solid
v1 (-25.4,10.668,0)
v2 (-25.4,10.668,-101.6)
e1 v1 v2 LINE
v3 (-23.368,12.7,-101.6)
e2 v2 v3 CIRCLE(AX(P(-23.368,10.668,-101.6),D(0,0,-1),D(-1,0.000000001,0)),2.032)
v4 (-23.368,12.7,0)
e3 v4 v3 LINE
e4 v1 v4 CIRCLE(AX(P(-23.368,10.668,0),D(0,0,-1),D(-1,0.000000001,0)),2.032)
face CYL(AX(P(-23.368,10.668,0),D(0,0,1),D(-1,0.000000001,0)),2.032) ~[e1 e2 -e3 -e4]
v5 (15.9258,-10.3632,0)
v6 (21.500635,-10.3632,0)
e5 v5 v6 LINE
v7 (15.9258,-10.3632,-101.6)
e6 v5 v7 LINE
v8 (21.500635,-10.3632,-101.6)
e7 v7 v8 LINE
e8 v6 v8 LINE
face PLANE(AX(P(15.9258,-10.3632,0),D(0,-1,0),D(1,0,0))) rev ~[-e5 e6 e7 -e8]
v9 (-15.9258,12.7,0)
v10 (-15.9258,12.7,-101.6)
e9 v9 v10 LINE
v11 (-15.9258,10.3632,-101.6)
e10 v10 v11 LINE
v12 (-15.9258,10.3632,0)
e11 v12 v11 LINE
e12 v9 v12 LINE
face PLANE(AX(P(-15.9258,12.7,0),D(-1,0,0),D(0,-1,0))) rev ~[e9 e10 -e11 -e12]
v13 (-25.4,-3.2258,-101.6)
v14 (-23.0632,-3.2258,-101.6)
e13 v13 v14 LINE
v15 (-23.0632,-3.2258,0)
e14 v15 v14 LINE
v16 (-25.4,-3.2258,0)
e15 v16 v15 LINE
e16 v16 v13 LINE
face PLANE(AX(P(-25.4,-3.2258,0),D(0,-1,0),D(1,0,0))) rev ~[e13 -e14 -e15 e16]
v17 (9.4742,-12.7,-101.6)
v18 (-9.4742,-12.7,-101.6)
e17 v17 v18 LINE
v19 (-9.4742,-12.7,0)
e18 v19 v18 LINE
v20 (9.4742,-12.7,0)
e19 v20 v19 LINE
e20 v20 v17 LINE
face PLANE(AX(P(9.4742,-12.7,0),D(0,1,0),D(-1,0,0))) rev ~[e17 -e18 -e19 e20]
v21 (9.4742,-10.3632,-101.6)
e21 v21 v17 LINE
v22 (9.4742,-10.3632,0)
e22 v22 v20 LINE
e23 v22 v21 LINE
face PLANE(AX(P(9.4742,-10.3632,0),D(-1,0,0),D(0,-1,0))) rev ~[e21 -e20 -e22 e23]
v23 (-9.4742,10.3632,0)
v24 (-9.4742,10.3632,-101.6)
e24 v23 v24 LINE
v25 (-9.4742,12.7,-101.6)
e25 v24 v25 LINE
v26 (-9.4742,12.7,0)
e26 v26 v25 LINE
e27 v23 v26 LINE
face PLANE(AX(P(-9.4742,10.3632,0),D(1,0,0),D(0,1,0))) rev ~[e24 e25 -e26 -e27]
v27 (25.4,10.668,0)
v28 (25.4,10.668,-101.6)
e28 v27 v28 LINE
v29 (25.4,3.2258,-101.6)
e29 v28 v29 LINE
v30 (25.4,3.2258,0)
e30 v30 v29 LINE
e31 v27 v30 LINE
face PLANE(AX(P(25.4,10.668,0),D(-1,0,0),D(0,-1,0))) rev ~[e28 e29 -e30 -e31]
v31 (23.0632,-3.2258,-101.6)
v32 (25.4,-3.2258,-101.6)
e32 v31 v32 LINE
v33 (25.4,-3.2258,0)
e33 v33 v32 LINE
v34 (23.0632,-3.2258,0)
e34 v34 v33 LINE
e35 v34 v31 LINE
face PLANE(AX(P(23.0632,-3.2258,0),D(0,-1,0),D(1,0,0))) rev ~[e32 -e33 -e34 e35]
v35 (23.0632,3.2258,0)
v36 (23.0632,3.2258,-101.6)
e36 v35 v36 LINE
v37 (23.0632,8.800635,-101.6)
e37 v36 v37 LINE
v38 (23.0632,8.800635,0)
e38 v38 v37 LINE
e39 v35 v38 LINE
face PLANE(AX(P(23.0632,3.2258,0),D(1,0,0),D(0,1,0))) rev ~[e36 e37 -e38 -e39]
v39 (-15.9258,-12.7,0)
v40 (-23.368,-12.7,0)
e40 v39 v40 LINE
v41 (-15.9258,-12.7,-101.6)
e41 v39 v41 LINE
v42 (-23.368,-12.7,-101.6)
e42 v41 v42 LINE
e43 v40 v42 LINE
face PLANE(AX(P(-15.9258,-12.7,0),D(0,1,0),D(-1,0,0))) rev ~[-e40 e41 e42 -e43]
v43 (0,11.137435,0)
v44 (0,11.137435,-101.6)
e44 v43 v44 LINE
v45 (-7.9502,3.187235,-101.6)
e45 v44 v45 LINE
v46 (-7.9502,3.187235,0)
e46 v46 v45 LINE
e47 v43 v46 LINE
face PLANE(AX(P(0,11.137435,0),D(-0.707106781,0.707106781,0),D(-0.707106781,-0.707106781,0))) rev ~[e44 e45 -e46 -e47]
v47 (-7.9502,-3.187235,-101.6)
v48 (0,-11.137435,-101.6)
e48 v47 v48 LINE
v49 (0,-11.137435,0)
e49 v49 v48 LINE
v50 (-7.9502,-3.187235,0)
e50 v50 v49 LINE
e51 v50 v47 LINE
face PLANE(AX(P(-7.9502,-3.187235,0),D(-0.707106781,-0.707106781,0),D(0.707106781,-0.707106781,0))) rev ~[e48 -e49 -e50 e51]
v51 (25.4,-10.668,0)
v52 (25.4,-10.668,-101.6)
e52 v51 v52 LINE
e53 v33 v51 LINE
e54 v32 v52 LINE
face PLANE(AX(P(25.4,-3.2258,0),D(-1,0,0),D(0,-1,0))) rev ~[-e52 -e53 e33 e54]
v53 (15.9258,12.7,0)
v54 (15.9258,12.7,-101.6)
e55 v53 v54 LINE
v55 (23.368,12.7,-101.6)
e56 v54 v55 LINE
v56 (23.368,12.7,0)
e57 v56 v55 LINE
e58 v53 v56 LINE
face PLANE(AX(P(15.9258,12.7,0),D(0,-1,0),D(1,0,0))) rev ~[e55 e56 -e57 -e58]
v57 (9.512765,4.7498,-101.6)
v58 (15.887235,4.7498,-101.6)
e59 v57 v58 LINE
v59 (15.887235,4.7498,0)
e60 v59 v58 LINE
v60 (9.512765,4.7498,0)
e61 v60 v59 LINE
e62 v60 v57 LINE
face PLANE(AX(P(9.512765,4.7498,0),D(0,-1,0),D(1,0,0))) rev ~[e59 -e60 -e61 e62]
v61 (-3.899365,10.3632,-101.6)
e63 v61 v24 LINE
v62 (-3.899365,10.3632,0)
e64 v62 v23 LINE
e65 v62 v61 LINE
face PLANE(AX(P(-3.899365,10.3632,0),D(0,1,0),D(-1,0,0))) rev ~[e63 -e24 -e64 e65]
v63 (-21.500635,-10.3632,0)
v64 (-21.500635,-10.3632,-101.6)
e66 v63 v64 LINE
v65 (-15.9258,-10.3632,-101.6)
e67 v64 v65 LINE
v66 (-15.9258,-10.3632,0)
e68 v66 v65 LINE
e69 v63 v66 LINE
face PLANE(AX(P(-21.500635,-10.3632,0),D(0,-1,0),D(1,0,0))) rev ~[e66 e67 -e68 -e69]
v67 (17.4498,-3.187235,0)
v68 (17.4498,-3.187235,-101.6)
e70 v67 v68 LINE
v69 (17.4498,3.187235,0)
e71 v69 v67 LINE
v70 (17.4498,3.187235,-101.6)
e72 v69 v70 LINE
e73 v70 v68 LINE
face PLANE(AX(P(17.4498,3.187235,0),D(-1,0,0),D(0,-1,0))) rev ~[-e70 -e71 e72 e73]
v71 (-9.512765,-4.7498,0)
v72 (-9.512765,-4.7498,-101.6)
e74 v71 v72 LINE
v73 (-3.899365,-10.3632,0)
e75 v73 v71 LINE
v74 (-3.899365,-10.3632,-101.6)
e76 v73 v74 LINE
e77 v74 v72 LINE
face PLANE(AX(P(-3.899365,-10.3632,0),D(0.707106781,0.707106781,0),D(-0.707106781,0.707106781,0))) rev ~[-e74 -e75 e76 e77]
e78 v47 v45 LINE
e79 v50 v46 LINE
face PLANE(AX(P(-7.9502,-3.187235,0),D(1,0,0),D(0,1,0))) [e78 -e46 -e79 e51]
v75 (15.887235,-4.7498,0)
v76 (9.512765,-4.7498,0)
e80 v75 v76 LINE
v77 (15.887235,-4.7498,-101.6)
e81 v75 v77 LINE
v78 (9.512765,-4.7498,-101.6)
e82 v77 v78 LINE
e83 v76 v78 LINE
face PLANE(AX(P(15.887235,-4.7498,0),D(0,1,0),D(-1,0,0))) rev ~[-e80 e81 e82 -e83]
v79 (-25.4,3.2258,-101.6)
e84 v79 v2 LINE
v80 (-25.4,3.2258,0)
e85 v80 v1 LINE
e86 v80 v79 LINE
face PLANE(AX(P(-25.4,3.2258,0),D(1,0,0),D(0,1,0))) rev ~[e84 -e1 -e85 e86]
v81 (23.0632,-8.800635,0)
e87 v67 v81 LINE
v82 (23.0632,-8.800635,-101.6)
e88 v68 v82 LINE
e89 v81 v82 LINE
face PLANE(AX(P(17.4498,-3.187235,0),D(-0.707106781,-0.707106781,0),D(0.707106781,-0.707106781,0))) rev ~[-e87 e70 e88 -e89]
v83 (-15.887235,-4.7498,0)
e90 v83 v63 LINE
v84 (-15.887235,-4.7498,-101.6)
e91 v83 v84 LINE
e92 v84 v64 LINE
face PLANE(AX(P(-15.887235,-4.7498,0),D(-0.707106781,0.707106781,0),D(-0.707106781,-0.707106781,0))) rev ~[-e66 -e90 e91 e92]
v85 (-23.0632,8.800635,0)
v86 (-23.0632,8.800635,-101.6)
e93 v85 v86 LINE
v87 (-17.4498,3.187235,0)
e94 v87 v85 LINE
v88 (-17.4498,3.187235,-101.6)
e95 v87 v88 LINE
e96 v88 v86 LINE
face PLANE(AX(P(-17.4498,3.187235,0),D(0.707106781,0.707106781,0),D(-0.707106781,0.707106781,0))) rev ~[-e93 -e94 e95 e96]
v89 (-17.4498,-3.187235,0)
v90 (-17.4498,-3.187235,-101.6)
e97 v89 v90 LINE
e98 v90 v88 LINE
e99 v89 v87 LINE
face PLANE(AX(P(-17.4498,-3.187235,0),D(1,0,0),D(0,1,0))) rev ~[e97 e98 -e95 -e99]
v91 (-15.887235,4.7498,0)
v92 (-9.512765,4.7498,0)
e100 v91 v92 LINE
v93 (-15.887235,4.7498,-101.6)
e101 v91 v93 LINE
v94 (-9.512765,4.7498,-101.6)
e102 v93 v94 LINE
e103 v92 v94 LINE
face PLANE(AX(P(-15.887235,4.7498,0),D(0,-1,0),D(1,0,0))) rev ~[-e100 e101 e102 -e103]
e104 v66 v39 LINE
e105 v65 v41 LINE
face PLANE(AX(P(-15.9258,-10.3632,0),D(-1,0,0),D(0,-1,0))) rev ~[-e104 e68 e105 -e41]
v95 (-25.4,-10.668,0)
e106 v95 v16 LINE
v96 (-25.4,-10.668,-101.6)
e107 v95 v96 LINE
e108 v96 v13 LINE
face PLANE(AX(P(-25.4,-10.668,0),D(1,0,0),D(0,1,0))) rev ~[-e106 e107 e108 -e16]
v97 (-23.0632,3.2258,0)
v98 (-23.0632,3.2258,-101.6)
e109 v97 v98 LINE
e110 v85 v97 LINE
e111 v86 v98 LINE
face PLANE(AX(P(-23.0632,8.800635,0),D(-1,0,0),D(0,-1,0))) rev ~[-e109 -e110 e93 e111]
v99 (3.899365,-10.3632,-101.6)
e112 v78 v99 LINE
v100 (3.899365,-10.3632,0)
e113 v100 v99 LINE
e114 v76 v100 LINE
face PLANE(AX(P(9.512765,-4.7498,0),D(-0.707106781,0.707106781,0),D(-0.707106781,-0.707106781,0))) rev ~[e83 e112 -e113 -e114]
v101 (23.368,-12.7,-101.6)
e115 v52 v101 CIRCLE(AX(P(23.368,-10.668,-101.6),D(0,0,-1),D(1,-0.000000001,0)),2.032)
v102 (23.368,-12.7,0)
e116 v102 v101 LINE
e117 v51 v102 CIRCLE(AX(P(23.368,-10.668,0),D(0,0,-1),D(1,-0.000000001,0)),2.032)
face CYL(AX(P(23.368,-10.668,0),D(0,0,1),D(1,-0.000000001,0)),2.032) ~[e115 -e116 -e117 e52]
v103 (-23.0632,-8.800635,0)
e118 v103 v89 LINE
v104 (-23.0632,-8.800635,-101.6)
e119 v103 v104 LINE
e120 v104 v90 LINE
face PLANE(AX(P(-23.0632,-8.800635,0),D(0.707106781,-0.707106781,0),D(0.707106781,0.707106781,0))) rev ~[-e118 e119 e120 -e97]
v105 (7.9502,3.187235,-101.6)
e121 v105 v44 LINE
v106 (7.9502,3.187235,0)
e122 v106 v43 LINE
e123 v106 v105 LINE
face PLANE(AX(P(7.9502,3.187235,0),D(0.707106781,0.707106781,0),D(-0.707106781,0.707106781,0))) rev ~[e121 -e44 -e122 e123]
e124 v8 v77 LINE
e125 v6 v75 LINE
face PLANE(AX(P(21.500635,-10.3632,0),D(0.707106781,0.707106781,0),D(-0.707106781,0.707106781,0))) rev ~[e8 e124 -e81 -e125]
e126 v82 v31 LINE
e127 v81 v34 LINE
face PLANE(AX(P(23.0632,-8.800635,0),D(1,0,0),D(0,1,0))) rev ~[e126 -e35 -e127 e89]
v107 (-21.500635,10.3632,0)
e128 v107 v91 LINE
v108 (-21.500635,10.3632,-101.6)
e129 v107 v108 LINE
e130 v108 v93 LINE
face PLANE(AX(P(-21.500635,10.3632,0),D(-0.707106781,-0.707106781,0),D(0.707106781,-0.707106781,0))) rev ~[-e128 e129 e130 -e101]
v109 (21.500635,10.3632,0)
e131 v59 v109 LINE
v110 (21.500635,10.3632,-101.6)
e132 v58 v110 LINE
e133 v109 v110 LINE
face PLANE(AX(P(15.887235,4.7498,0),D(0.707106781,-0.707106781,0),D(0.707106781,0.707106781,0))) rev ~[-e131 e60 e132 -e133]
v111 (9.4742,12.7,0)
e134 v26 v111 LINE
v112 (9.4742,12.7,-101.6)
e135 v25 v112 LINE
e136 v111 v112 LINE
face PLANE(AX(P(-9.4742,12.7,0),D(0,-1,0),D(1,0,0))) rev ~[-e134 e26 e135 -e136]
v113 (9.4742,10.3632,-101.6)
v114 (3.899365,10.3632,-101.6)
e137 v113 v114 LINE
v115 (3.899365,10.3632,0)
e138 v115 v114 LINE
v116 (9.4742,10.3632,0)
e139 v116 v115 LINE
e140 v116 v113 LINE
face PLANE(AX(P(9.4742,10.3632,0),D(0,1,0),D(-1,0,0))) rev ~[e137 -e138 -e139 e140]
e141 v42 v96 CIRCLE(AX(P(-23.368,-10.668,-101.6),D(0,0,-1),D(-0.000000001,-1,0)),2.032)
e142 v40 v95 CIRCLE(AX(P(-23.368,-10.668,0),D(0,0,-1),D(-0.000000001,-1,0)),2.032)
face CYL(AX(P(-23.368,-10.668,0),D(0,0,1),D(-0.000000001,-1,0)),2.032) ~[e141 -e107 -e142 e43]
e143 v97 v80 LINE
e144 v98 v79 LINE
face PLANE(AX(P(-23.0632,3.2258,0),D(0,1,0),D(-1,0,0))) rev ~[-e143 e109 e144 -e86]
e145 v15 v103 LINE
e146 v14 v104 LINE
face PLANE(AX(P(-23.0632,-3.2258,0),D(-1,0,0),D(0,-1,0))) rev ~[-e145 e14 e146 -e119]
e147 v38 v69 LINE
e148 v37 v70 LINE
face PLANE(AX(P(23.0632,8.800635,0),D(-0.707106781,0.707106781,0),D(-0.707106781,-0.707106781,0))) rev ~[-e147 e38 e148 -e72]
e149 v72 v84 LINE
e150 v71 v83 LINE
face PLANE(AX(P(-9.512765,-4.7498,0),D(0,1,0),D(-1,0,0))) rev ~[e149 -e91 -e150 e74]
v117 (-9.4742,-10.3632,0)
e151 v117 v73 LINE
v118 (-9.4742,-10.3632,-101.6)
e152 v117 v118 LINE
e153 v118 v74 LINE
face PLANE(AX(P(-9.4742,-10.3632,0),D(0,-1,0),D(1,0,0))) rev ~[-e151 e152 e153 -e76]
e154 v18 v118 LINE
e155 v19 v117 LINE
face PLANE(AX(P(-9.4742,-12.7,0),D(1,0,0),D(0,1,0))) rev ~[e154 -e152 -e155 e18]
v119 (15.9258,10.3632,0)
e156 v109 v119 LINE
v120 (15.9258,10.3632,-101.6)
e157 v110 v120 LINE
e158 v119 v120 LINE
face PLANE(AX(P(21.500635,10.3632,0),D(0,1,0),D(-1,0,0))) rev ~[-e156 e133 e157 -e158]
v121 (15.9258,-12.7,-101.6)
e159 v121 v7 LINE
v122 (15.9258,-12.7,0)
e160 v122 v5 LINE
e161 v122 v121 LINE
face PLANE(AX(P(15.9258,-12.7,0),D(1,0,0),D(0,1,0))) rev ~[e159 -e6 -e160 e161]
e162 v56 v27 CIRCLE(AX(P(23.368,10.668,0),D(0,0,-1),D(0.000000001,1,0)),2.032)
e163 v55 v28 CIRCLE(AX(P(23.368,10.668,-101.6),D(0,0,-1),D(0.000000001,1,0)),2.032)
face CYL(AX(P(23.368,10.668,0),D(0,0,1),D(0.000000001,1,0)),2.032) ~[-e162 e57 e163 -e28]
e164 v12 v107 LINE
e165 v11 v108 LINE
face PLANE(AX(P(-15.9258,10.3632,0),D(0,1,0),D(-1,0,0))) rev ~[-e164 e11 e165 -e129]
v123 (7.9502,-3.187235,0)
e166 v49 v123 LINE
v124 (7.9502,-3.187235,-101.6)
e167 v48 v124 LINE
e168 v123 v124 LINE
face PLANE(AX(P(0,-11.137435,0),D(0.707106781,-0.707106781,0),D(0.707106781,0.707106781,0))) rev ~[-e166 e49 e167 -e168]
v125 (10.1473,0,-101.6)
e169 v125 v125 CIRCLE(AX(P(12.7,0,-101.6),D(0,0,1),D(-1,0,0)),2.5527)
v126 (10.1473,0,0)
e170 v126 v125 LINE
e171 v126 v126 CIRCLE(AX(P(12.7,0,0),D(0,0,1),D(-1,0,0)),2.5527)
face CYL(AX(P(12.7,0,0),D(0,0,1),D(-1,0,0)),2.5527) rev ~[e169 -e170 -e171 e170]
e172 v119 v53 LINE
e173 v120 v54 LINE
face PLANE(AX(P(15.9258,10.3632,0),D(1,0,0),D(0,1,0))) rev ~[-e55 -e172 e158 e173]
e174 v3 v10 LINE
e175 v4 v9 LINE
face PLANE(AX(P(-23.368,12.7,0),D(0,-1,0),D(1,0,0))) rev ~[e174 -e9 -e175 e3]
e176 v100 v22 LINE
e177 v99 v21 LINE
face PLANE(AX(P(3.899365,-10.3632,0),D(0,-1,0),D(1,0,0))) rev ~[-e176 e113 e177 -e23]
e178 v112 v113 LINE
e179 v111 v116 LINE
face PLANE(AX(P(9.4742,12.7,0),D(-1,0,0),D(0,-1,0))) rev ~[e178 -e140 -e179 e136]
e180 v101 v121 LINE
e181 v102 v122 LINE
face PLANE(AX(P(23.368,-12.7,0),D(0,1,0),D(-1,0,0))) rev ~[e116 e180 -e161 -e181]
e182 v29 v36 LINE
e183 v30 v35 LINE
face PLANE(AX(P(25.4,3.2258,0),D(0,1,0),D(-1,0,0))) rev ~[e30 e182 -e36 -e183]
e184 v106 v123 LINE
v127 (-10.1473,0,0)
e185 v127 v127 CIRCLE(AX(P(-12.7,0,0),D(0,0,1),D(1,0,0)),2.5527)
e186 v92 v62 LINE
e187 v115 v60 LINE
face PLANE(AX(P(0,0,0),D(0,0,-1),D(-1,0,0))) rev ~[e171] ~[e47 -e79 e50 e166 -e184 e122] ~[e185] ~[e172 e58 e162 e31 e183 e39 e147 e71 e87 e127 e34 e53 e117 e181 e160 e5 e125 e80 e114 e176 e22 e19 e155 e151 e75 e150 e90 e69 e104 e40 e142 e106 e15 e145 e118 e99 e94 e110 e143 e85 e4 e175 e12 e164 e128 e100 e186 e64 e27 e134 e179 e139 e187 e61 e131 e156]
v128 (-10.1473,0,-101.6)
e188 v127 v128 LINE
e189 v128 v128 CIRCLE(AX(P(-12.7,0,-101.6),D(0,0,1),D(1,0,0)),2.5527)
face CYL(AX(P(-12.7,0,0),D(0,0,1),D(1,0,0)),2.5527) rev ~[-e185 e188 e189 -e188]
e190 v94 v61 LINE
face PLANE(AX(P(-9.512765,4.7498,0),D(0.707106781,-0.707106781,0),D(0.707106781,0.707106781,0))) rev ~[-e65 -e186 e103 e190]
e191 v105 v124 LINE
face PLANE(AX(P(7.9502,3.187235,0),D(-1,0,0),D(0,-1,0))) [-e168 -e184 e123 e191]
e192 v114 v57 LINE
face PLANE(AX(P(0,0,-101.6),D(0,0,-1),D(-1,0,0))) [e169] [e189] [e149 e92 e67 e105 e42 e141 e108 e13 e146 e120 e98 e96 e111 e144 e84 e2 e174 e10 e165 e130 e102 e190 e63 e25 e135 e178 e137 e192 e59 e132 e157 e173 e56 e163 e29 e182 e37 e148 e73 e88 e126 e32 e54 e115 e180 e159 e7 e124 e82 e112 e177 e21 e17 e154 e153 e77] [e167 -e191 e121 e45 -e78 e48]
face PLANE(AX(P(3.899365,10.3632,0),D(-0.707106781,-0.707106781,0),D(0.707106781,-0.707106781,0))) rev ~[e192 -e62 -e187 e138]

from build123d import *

# Parameters (mm, degrees)
SKETCH1_R      = 2.5527
FINALCUT_DEPTH = 101.6


with BuildPart() as part:
    # Sketch1 → FinalCut (new body)
    with BuildSketch(Plane.XY):
        with BuildLine():
            Line((-17.4498, 0), (-17.4498, 3.187235435))
            Line((-17.4498, 3.187235435), (-23.0632, 8.800635435))
            Line((-23.0632, 8.800635435), (-23.0632, 3.2258))
            Line((-23.0632, 3.2258), (-25.4, 3.2258))
            Line((-25.4, 3.2258), (-25.4, 10.668))
            ThreePointArc((-25.4, 10.668), (-24.804840979, 12.104840979), (-23.368, 12.7))
            Line((-23.368, 12.7), (-15.9258, 12.7))
            Line((-15.9258, 12.7), (-15.9258, 10.3632))
            Line((-15.9258, 10.3632), (-21.500635435, 10.3632))
            Line((-21.500635435, 10.3632), (-15.887235435, 4.7498))
            Line((-15.887235435, 4.7498), (-12.7, 4.7498))
            Line((-12.7, 4.7498), (-9.512764565, 4.7498))
            Line((-9.512764565, 4.7498), (-3.899364565, 10.3632))
            Line((-3.899364565, 10.3632), (-9.4742, 10.3632))
            Line((-9.4742, 10.3632), (-9.4742, 12.7))
            Line((-9.4742, 12.7), (9.4742, 12.7))
            Line((9.4742, 12.7), (9.4742, 10.3632))
            Line((9.4742, 10.3632), (3.899364565, 10.3632))
            Line((3.899364565, 10.3632), (9.512764565, 4.7498))
            Line((9.512764565, 4.7498), (15.887235435, 4.7498))
            Line((15.887235435, 4.7498), (21.500635435, 10.3632))
            Line((21.500635435, 10.3632), (15.9258, 10.3632))
            Line((15.9258, 10.3632), (15.9258, 12.7))
            Line((15.9258, 12.7), (23.368, 12.7))
            ThreePointArc((23.368, 12.7), (24.804840979, 12.104840979), (25.4, 10.668))
            Line((25.4, 10.668), (25.4, 3.2258))
            Line((25.4, 3.2258), (23.0632, 3.2258))
            Line((23.0632, 3.2258), (23.0632, 8.800635435))
            Line((23.0632, 8.800635435), (17.4498, 3.187235435))
            Line((17.4498, 3.187235435), (17.4498, 0))
            Line((17.4498, 0), (17.4498, -3.187235435))
            Line((17.4498, -3.187235435), (23.0632, -8.800635435))
            Line((23.0632, -8.800635435), (23.0632, -3.2258))
            Line((23.0632, -3.2258), (25.4, -3.2258))
            Line((25.4, -3.2258), (25.4, -10.668))
            ThreePointArc((25.4, -10.668), (24.804840979, -12.104840979), (23.368, -12.7))
            Line((23.368, -12.7), (15.9258, -12.7))
            Line((15.9258, -12.7), (15.9258, -10.3632))
            Line((15.9258, -10.3632), (21.500635435, -10.3632))
            Line((21.500635435, -10.3632), (15.887235435, -4.7498))
            Line((15.887235435, -4.7498), (12.7, -4.7498))
            Line((12.7, -4.7498), (9.512764565, -4.7498))
            Line((9.512764565, -4.7498), (3.899364565, -10.3632))
            Line((3.899364565, -10.3632), (9.4742, -10.3632))
            Line((9.4742, -10.3632), (9.4742, -12.7))
            Line((9.4742, -12.7), (-9.4742, -12.7))
            Line((-9.4742, -12.7), (-9.4742, -10.3632))
            Line((-9.4742, -10.3632), (-3.899364565, -10.3632))
            Line((-3.899364565, -10.3632), (-9.512764565, -4.7498))
            Line((-9.512764565, -4.7498), (-12.7, -4.7498))
            Line((-12.7, -4.7498), (-15.887235435, -4.7498))
            Line((-15.887235435, -4.7498), (-21.500635435, -10.3632))
            Line((-21.500635435, -10.3632), (-15.9258, -10.3632))
            Line((-15.9258, -10.3632), (-15.9258, -12.7))
            Line((-15.9258, -12.7), (-23.368, -12.7))
            ThreePointArc((-23.368, -12.7), (-24.804840979, -12.104840979), (-25.4, -10.668))
            Line((-25.4, -10.668), (-25.4, -3.2258))
            Line((-25.4, -3.2258), (-23.0632, -3.2258))
            Line((-23.0632, -3.2258), (-23.0632, -8.800635435))
            Line((-23.0632, -8.800635435), (-17.4498, -3.187235435))
            Line((-17.4498, -3.187235435), (-17.4498, 0))
        make_face()
        with Locations((-12.7, 0)):
            Circle(SKETCH1_R, mode=Mode.SUBTRACT)
        with Locations(Location((12.7, 0, 0), (0, 0, 180))):
            Circle(SKETCH1_R, mode=Mode.SUBTRACT)
        Polygon((7.9502, 3.187235435), (0, 11.137435435), (-7.9502, 3.187235435), (-7.9502, 0), (-7.9502, -3.187235435), (0, -11.137435435), (7.9502, -3.187235435), (7.9502, 0), align=None, mode=Mode.SUBTRACT)
    extrude(amount=-FINALCUT_DEPTH)


solid = part.part
